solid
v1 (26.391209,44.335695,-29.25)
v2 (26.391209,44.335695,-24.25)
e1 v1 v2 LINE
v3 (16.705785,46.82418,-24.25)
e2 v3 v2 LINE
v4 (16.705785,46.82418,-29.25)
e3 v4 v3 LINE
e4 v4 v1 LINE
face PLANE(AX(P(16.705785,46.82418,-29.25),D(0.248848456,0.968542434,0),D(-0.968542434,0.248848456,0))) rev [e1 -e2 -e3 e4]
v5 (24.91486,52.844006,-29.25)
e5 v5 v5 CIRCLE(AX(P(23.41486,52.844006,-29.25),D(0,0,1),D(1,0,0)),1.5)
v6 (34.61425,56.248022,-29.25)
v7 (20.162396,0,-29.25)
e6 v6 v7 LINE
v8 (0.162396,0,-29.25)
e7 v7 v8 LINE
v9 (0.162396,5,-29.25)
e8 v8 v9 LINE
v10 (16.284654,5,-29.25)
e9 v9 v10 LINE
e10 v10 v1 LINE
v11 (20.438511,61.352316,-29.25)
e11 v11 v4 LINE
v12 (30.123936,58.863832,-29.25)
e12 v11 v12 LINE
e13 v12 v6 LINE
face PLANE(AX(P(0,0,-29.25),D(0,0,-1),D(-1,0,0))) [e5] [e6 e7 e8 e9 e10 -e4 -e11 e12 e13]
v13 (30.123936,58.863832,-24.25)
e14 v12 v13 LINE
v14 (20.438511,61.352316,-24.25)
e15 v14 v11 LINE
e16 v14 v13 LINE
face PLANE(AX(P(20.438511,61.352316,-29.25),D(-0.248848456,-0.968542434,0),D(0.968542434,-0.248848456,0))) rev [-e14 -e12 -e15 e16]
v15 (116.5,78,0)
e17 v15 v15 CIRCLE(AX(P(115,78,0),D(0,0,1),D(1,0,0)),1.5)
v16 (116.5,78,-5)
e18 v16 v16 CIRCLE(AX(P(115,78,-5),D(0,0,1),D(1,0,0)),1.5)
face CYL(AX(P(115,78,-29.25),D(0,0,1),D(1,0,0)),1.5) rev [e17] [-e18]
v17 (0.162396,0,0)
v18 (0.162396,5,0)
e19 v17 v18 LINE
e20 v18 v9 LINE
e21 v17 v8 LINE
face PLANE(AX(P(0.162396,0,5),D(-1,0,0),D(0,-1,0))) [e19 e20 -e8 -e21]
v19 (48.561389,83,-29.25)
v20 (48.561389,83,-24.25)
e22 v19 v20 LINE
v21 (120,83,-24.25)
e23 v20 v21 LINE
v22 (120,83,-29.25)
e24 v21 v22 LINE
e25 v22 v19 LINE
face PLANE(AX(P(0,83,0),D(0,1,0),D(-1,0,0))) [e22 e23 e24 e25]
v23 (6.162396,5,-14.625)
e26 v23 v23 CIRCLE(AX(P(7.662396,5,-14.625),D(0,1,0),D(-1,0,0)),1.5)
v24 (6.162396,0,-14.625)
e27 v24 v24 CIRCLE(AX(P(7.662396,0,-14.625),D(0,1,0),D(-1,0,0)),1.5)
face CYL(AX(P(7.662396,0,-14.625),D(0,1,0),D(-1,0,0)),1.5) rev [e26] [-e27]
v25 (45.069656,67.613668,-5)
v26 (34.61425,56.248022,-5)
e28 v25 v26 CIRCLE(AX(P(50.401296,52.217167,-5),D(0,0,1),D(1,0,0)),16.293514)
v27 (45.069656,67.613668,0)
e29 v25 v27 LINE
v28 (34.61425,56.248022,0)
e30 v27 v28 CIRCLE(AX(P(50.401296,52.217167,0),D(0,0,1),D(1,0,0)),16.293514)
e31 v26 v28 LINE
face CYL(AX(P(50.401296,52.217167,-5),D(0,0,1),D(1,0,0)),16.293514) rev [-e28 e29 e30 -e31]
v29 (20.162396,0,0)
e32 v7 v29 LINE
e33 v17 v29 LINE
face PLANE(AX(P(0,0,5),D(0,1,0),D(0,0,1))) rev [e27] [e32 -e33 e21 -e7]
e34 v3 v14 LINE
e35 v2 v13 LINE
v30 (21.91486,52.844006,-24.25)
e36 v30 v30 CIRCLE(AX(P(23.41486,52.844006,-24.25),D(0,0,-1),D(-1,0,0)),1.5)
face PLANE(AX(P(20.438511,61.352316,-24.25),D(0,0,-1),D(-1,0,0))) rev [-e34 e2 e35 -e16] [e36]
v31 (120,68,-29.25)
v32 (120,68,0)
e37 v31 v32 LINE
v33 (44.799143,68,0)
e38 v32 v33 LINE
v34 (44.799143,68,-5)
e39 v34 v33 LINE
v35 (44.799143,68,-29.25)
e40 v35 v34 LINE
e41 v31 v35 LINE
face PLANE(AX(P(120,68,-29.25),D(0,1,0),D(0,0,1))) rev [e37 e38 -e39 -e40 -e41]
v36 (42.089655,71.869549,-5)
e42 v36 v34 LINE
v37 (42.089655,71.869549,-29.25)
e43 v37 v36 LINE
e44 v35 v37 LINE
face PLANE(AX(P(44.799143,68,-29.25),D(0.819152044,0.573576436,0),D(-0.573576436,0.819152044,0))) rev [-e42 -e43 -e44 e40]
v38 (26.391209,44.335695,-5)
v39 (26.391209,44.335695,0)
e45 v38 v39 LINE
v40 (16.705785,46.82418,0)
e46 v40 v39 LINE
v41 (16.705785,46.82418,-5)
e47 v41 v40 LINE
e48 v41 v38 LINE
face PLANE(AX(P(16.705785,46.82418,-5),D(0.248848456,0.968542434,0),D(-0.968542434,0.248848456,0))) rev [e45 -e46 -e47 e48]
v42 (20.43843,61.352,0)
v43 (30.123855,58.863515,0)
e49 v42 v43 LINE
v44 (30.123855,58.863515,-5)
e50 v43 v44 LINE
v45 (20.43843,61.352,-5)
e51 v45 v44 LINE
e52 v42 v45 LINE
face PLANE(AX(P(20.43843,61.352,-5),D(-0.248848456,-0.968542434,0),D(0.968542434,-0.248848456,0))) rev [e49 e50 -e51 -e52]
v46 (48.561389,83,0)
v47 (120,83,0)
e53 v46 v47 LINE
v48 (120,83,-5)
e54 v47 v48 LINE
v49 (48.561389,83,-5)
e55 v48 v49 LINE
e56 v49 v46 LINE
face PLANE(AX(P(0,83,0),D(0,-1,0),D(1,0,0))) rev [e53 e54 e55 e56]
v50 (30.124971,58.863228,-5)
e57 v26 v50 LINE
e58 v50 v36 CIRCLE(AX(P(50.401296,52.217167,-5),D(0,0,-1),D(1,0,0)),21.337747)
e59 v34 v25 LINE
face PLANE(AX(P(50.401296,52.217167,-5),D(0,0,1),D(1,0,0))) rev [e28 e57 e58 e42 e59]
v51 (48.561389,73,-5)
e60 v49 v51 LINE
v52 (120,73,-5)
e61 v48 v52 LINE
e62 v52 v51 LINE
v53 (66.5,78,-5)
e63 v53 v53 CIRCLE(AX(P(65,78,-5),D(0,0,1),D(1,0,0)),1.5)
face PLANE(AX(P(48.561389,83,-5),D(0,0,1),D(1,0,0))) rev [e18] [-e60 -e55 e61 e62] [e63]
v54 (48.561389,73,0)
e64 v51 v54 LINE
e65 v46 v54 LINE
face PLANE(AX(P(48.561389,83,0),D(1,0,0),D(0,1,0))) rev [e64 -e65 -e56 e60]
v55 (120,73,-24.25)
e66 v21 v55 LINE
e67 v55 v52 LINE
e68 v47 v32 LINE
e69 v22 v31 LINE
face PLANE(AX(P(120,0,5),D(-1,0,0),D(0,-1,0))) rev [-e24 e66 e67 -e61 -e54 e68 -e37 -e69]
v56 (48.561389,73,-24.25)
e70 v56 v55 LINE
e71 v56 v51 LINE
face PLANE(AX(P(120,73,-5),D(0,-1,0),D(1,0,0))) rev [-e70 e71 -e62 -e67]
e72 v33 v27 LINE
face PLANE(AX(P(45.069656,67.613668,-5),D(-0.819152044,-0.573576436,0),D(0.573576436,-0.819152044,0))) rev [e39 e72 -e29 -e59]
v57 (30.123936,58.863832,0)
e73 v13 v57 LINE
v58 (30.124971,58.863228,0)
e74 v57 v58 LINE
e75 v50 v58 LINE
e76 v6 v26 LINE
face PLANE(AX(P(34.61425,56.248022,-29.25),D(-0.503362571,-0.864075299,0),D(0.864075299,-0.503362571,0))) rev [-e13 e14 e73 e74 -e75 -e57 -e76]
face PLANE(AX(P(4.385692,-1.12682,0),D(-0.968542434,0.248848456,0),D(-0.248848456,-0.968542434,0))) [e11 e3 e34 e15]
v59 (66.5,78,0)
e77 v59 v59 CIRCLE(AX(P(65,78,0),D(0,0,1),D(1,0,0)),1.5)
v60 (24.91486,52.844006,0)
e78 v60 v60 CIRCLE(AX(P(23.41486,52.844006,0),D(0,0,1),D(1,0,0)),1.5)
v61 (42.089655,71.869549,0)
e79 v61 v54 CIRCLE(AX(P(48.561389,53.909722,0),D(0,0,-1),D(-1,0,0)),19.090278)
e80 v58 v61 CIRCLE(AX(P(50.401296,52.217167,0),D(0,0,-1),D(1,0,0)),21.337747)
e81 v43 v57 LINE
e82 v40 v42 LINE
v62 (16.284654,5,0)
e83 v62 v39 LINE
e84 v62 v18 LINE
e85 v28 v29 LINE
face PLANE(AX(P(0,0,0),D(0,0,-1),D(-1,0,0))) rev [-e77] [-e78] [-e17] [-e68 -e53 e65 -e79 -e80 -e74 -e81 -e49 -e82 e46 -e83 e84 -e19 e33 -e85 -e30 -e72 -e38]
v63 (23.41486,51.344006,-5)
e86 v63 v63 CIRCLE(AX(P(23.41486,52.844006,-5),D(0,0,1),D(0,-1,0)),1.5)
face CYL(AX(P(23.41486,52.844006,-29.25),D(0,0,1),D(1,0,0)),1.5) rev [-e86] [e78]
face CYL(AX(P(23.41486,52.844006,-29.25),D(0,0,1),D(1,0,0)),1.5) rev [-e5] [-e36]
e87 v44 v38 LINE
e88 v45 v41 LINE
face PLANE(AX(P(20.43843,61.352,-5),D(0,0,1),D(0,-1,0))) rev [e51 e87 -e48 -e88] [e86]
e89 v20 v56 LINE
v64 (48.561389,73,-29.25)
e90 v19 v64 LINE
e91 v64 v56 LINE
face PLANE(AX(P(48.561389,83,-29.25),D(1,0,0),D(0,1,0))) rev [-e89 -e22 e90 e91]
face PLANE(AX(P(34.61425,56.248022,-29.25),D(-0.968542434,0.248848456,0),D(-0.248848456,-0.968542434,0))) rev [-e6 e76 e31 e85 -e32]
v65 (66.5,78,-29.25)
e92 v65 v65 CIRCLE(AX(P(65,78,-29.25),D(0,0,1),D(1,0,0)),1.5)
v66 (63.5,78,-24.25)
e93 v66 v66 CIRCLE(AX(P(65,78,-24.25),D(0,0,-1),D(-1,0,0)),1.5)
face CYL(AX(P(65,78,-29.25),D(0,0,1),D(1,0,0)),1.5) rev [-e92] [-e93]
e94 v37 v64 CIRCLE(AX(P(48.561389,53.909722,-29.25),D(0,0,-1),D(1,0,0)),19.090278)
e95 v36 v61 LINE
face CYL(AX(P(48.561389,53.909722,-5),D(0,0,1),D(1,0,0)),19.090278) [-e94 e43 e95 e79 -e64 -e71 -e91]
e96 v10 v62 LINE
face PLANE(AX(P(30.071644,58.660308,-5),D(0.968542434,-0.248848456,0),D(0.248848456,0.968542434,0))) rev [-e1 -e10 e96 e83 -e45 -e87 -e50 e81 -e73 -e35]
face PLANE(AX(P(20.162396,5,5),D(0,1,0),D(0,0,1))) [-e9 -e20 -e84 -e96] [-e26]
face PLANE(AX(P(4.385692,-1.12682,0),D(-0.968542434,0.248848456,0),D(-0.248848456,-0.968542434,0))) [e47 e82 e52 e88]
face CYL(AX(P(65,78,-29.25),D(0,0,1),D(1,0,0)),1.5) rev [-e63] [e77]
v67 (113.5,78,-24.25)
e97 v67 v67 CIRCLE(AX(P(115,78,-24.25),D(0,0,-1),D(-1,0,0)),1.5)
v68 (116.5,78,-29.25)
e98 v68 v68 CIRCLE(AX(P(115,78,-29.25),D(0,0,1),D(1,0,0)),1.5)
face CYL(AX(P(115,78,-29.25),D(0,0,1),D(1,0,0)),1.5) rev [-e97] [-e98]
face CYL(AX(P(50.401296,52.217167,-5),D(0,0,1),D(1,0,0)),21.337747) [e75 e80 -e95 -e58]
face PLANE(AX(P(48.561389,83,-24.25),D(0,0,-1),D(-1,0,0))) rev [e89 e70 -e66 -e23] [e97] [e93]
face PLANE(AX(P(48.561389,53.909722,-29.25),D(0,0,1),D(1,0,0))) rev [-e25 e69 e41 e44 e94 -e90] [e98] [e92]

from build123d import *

# Parameters (mm, degrees)
SKETCH1_W               = 120
SKETCH1_H               = 100
BOSS_EXTRUDE1_DEPTH     = 5
SKETCH2_R               = 2.5
CUT_EXTRUDE1_DEPTH      = 6
CUT_EXTRUDE3_DEPTH      = 10
BOSS_EXTRUDE3_DEPTH     = 29.25
SKETCH8_W               = 20
SKETCH8_H               = 5
BOSS_EXTRUDE4_DEPTH     = 34.25
BOSS_EXTRUDE5_DEPTH     = 5
SKETCH11_W              = 5
SKETCH11_H              = 73
CUT_EXTRUDE6_DEPTH      = 1
CUT_EXTRUDE6_DEPTH_BACK = 120.837603572
SKETCH12_R              = 1.5
CUT_EXTRUDE7_DEPTH      = 69
CUT_EXTRUDE7_DEPTH_BACK = 6
SKETCH13_W              = 71.438611392
SKETCH13_H              = 5
BOSS_EXTRUDE6_DEPTH     = 10
SKETCH14_R              = 1.5
CUT_EXTRUDE8_DEPTH      = 30.25
SKETCH15_W              = 5
SKETCH15_H              = 14.999673458
SKETCH15_H_2            = 15
BOSS_EXTRUDE7_DEPTH     = 10
SKETCH17_R              = 1.5
CUT_EXTRUDE9_DEPTH      = 30.25


with BuildPart() as part:
    # Sketch1 → Boss-Extrude1 (new body)
    with BuildSketch(Plane.XY):
        with Locations((60, 50)):
            Rectangle(SKETCH1_W, SKETCH1_H)
    extrude(amount=BOSS_EXTRUDE1_DEPTH)

    # Sketch2 → Cut-Extrude1 (cut, through all)
    with BuildSketch(Plane.XY.offset(5)):
        with Locations((48.561388608, 53.909722104)):
            Circle(SKETCH2_R)
        with BuildLine():
            ThreePointArc((83.119368898, 4.555811435), (92.903152754, 13.119153924), (100.621925378, 23.582127225))
            ThreePointArc((100.621925378, 23.582127225), (96.02283809, 41.016960064), (78.588005251, 36.417872775))
            ThreePointArc((78.588005251, 36.417872775), (74.136099049, 30.383211826), (68.493169771, 25.444188565))
            ThreePointArc((68.493169771, 25.444188565), (65.36208077, 7.686900437), (83.119368898, 4.555811435))
        make_face()
    extrude(amount=-CUT_EXTRUDE1_DEPTH, mode=Mode.SUBTRACT)

    # Sketch5 → Cut-Extrude3 (cut)
    with BuildSketch(Plane.XY.offset(5)):
        with BuildLine():
            Line((120, 73), (48.561388608, 73))
            ThreePointArc((48.561388608, 73), (36.862057433, 68.994958603), (30.071644393, 58.660308282))
            Line((30.071644393, 58.660308282), (15, 0))
            Line((15, 0), (0, 0))
            Line((0, 0), (0, 100))
            Line((0, 100), (120, 100))
            Line((120, 100), (120, 73))
        make_face()
    extrude(amount=-CUT_EXTRUDE3_DEPTH, mode=Mode.SUBTRACT)

    # Sketch7 → Boss-Extrude3 (add)
    with BuildSketch(Plane(origin=(0, 0, 0), x_dir=(-1, 0, 0), z_dir=(0, 0, -1))):
        Polygon((-15, 0), (-30.123935814, 58.863831587), (-34.614250087, 56.248022366), (-20.162396428, 0), align=None)
        with BuildLine():
            Line((-120, 73), (-48.561388608, 73))
            ThreePointArc((-48.561388608, 73), (-45.276527497, 72.715263777), (-42.089655421, 71.869548932))
            Line((-42.089655421, 71.869548932), (-44.799142753, 68))
            Line((-44.799142753, 68), (-120, 68))
            Line((-120, 68), (-120, 73))
        make_face()
    extrude(amount=BOSS_EXTRUDE3_DEPTH)

    # Sketch8 → Boss-Extrude4 (add, through all)
    with BuildSketch(Plane(origin=(0, 0, -29.25), x_dir=(-1, 0, 0), z_dir=(0, 0, -1))):
        with Locations((-10.162396428, 2.5)):
            Rectangle(SKETCH8_W, SKETCH8_H)
    extrude(amount=-BOSS_EXTRUDE4_DEPTH)

    # Sketch10 → Boss-Extrude5 (add)
    with BuildSketch(Plane(origin=(0, 0, 0), x_dir=(-1, 0, 0), z_dir=(0, 0, -1))):
        with BuildLine():
            Line((-45.069655622, 67.613667586), (-42.089655421, 71.869548932))
            ThreePointArc((-42.089655421, 71.869548932), (-34.697505551, 66.663289264), (-30.124971237, 58.863228407))
            Line((-30.124971237, 58.863228407), (-34.614250087, 56.248022366))
            ThreePointArc((-34.614250087, 56.248022366), (-38.409874026, 63.248233001), (-45.069655622, 67.613667586))
        make_face()
    extrude(amount=BOSS_EXTRUDE5_DEPTH)

    # Sketch11 → Cut-Extrude6 (cut, two sides)
    with BuildSketch(Plane(origin=(120, 0, 0), x_dir=(0, 0, -1), z_dir=(1, 0, 0))) as cut_extrude6_sk:
        with Locations((-2.5, 36.5)):
            Rectangle(SKETCH11_W, SKETCH11_H)
    extrude(amount=CUT_EXTRUDE6_DEPTH, mode=Mode.SUBTRACT)
    extrude(cut_extrude6_sk.sketch, amount=-CUT_EXTRUDE6_DEPTH_BACK, mode=Mode.SUBTRACT)

    # Sketch12 → Cut-Extrude7 (cut, two sides)
    with BuildSketch(Plane(origin=(0, 5, 0), x_dir=(1, 0, 0), z_dir=(0, 1, 0))) as cut_extrude7_sk:
        with Locations((7.662396428, 14.625)):
            Circle(SKETCH12_R)
    extrude(amount=CUT_EXTRUDE7_DEPTH, mode=Mode.SUBTRACT)
    extrude(cut_extrude7_sk.sketch, amount=-CUT_EXTRUDE7_DEPTH_BACK, mode=Mode.SUBTRACT)

    # Sketch13 → Boss-Extrude6 (add)
    with BuildSketch(Plane(origin=(0, 73, 0), x_dir=(1, 0, 0), z_dir=(0, 1, 0))):
        with Locations((84.280694304, 2.5)):
            Rectangle(SKETCH13_W, SKETCH13_H)
        with Locations((84.280694304, 26.75)):
            Rectangle(SKETCH13_W, SKETCH13_H)
    extrude(amount=BOSS_EXTRUDE6_DEPTH)

    # Sketch14 → Cut-Extrude8 (cut, through all)
    with BuildSketch(Plane.XY):
        with Locations((65, 78)):
            Circle(SKETCH14_R)
        with Locations((115, 78)):
            Circle(SKETCH14_R)
    extrude(amount=-CUT_EXTRUDE8_DEPTH, mode=Mode.SUBTRACT)

    # Sketch15 → Boss-Extrude7 (add)
    with BuildSketch(Plane(origin=(14.07111669, -3.615304337, 0), x_dir=(0, 0, 1), z_dir=(-0.968542434, 0.248848456, 0))):
        with Locations((-2.5, 57.008250348)):
            Rectangle(SKETCH15_W, SKETCH15_H)
        with Locations((-26.75, 57.008413619)):
            Rectangle(SKETCH15_W, SKETCH15_H_2)
    extrude(amount=BOSS_EXTRUDE7_DEPTH)

    # Sketch17 → Cut-Extrude9 (cut, through all)
    with BuildSketch(Plane.XY):
        with Locations((23.414860226, 52.844005614)):
            Circle(SKETCH17_R)
    extrude(amount=-CUT_EXTRUDE9_DEPTH, mode=Mode.SUBTRACT)


solid = part.part
